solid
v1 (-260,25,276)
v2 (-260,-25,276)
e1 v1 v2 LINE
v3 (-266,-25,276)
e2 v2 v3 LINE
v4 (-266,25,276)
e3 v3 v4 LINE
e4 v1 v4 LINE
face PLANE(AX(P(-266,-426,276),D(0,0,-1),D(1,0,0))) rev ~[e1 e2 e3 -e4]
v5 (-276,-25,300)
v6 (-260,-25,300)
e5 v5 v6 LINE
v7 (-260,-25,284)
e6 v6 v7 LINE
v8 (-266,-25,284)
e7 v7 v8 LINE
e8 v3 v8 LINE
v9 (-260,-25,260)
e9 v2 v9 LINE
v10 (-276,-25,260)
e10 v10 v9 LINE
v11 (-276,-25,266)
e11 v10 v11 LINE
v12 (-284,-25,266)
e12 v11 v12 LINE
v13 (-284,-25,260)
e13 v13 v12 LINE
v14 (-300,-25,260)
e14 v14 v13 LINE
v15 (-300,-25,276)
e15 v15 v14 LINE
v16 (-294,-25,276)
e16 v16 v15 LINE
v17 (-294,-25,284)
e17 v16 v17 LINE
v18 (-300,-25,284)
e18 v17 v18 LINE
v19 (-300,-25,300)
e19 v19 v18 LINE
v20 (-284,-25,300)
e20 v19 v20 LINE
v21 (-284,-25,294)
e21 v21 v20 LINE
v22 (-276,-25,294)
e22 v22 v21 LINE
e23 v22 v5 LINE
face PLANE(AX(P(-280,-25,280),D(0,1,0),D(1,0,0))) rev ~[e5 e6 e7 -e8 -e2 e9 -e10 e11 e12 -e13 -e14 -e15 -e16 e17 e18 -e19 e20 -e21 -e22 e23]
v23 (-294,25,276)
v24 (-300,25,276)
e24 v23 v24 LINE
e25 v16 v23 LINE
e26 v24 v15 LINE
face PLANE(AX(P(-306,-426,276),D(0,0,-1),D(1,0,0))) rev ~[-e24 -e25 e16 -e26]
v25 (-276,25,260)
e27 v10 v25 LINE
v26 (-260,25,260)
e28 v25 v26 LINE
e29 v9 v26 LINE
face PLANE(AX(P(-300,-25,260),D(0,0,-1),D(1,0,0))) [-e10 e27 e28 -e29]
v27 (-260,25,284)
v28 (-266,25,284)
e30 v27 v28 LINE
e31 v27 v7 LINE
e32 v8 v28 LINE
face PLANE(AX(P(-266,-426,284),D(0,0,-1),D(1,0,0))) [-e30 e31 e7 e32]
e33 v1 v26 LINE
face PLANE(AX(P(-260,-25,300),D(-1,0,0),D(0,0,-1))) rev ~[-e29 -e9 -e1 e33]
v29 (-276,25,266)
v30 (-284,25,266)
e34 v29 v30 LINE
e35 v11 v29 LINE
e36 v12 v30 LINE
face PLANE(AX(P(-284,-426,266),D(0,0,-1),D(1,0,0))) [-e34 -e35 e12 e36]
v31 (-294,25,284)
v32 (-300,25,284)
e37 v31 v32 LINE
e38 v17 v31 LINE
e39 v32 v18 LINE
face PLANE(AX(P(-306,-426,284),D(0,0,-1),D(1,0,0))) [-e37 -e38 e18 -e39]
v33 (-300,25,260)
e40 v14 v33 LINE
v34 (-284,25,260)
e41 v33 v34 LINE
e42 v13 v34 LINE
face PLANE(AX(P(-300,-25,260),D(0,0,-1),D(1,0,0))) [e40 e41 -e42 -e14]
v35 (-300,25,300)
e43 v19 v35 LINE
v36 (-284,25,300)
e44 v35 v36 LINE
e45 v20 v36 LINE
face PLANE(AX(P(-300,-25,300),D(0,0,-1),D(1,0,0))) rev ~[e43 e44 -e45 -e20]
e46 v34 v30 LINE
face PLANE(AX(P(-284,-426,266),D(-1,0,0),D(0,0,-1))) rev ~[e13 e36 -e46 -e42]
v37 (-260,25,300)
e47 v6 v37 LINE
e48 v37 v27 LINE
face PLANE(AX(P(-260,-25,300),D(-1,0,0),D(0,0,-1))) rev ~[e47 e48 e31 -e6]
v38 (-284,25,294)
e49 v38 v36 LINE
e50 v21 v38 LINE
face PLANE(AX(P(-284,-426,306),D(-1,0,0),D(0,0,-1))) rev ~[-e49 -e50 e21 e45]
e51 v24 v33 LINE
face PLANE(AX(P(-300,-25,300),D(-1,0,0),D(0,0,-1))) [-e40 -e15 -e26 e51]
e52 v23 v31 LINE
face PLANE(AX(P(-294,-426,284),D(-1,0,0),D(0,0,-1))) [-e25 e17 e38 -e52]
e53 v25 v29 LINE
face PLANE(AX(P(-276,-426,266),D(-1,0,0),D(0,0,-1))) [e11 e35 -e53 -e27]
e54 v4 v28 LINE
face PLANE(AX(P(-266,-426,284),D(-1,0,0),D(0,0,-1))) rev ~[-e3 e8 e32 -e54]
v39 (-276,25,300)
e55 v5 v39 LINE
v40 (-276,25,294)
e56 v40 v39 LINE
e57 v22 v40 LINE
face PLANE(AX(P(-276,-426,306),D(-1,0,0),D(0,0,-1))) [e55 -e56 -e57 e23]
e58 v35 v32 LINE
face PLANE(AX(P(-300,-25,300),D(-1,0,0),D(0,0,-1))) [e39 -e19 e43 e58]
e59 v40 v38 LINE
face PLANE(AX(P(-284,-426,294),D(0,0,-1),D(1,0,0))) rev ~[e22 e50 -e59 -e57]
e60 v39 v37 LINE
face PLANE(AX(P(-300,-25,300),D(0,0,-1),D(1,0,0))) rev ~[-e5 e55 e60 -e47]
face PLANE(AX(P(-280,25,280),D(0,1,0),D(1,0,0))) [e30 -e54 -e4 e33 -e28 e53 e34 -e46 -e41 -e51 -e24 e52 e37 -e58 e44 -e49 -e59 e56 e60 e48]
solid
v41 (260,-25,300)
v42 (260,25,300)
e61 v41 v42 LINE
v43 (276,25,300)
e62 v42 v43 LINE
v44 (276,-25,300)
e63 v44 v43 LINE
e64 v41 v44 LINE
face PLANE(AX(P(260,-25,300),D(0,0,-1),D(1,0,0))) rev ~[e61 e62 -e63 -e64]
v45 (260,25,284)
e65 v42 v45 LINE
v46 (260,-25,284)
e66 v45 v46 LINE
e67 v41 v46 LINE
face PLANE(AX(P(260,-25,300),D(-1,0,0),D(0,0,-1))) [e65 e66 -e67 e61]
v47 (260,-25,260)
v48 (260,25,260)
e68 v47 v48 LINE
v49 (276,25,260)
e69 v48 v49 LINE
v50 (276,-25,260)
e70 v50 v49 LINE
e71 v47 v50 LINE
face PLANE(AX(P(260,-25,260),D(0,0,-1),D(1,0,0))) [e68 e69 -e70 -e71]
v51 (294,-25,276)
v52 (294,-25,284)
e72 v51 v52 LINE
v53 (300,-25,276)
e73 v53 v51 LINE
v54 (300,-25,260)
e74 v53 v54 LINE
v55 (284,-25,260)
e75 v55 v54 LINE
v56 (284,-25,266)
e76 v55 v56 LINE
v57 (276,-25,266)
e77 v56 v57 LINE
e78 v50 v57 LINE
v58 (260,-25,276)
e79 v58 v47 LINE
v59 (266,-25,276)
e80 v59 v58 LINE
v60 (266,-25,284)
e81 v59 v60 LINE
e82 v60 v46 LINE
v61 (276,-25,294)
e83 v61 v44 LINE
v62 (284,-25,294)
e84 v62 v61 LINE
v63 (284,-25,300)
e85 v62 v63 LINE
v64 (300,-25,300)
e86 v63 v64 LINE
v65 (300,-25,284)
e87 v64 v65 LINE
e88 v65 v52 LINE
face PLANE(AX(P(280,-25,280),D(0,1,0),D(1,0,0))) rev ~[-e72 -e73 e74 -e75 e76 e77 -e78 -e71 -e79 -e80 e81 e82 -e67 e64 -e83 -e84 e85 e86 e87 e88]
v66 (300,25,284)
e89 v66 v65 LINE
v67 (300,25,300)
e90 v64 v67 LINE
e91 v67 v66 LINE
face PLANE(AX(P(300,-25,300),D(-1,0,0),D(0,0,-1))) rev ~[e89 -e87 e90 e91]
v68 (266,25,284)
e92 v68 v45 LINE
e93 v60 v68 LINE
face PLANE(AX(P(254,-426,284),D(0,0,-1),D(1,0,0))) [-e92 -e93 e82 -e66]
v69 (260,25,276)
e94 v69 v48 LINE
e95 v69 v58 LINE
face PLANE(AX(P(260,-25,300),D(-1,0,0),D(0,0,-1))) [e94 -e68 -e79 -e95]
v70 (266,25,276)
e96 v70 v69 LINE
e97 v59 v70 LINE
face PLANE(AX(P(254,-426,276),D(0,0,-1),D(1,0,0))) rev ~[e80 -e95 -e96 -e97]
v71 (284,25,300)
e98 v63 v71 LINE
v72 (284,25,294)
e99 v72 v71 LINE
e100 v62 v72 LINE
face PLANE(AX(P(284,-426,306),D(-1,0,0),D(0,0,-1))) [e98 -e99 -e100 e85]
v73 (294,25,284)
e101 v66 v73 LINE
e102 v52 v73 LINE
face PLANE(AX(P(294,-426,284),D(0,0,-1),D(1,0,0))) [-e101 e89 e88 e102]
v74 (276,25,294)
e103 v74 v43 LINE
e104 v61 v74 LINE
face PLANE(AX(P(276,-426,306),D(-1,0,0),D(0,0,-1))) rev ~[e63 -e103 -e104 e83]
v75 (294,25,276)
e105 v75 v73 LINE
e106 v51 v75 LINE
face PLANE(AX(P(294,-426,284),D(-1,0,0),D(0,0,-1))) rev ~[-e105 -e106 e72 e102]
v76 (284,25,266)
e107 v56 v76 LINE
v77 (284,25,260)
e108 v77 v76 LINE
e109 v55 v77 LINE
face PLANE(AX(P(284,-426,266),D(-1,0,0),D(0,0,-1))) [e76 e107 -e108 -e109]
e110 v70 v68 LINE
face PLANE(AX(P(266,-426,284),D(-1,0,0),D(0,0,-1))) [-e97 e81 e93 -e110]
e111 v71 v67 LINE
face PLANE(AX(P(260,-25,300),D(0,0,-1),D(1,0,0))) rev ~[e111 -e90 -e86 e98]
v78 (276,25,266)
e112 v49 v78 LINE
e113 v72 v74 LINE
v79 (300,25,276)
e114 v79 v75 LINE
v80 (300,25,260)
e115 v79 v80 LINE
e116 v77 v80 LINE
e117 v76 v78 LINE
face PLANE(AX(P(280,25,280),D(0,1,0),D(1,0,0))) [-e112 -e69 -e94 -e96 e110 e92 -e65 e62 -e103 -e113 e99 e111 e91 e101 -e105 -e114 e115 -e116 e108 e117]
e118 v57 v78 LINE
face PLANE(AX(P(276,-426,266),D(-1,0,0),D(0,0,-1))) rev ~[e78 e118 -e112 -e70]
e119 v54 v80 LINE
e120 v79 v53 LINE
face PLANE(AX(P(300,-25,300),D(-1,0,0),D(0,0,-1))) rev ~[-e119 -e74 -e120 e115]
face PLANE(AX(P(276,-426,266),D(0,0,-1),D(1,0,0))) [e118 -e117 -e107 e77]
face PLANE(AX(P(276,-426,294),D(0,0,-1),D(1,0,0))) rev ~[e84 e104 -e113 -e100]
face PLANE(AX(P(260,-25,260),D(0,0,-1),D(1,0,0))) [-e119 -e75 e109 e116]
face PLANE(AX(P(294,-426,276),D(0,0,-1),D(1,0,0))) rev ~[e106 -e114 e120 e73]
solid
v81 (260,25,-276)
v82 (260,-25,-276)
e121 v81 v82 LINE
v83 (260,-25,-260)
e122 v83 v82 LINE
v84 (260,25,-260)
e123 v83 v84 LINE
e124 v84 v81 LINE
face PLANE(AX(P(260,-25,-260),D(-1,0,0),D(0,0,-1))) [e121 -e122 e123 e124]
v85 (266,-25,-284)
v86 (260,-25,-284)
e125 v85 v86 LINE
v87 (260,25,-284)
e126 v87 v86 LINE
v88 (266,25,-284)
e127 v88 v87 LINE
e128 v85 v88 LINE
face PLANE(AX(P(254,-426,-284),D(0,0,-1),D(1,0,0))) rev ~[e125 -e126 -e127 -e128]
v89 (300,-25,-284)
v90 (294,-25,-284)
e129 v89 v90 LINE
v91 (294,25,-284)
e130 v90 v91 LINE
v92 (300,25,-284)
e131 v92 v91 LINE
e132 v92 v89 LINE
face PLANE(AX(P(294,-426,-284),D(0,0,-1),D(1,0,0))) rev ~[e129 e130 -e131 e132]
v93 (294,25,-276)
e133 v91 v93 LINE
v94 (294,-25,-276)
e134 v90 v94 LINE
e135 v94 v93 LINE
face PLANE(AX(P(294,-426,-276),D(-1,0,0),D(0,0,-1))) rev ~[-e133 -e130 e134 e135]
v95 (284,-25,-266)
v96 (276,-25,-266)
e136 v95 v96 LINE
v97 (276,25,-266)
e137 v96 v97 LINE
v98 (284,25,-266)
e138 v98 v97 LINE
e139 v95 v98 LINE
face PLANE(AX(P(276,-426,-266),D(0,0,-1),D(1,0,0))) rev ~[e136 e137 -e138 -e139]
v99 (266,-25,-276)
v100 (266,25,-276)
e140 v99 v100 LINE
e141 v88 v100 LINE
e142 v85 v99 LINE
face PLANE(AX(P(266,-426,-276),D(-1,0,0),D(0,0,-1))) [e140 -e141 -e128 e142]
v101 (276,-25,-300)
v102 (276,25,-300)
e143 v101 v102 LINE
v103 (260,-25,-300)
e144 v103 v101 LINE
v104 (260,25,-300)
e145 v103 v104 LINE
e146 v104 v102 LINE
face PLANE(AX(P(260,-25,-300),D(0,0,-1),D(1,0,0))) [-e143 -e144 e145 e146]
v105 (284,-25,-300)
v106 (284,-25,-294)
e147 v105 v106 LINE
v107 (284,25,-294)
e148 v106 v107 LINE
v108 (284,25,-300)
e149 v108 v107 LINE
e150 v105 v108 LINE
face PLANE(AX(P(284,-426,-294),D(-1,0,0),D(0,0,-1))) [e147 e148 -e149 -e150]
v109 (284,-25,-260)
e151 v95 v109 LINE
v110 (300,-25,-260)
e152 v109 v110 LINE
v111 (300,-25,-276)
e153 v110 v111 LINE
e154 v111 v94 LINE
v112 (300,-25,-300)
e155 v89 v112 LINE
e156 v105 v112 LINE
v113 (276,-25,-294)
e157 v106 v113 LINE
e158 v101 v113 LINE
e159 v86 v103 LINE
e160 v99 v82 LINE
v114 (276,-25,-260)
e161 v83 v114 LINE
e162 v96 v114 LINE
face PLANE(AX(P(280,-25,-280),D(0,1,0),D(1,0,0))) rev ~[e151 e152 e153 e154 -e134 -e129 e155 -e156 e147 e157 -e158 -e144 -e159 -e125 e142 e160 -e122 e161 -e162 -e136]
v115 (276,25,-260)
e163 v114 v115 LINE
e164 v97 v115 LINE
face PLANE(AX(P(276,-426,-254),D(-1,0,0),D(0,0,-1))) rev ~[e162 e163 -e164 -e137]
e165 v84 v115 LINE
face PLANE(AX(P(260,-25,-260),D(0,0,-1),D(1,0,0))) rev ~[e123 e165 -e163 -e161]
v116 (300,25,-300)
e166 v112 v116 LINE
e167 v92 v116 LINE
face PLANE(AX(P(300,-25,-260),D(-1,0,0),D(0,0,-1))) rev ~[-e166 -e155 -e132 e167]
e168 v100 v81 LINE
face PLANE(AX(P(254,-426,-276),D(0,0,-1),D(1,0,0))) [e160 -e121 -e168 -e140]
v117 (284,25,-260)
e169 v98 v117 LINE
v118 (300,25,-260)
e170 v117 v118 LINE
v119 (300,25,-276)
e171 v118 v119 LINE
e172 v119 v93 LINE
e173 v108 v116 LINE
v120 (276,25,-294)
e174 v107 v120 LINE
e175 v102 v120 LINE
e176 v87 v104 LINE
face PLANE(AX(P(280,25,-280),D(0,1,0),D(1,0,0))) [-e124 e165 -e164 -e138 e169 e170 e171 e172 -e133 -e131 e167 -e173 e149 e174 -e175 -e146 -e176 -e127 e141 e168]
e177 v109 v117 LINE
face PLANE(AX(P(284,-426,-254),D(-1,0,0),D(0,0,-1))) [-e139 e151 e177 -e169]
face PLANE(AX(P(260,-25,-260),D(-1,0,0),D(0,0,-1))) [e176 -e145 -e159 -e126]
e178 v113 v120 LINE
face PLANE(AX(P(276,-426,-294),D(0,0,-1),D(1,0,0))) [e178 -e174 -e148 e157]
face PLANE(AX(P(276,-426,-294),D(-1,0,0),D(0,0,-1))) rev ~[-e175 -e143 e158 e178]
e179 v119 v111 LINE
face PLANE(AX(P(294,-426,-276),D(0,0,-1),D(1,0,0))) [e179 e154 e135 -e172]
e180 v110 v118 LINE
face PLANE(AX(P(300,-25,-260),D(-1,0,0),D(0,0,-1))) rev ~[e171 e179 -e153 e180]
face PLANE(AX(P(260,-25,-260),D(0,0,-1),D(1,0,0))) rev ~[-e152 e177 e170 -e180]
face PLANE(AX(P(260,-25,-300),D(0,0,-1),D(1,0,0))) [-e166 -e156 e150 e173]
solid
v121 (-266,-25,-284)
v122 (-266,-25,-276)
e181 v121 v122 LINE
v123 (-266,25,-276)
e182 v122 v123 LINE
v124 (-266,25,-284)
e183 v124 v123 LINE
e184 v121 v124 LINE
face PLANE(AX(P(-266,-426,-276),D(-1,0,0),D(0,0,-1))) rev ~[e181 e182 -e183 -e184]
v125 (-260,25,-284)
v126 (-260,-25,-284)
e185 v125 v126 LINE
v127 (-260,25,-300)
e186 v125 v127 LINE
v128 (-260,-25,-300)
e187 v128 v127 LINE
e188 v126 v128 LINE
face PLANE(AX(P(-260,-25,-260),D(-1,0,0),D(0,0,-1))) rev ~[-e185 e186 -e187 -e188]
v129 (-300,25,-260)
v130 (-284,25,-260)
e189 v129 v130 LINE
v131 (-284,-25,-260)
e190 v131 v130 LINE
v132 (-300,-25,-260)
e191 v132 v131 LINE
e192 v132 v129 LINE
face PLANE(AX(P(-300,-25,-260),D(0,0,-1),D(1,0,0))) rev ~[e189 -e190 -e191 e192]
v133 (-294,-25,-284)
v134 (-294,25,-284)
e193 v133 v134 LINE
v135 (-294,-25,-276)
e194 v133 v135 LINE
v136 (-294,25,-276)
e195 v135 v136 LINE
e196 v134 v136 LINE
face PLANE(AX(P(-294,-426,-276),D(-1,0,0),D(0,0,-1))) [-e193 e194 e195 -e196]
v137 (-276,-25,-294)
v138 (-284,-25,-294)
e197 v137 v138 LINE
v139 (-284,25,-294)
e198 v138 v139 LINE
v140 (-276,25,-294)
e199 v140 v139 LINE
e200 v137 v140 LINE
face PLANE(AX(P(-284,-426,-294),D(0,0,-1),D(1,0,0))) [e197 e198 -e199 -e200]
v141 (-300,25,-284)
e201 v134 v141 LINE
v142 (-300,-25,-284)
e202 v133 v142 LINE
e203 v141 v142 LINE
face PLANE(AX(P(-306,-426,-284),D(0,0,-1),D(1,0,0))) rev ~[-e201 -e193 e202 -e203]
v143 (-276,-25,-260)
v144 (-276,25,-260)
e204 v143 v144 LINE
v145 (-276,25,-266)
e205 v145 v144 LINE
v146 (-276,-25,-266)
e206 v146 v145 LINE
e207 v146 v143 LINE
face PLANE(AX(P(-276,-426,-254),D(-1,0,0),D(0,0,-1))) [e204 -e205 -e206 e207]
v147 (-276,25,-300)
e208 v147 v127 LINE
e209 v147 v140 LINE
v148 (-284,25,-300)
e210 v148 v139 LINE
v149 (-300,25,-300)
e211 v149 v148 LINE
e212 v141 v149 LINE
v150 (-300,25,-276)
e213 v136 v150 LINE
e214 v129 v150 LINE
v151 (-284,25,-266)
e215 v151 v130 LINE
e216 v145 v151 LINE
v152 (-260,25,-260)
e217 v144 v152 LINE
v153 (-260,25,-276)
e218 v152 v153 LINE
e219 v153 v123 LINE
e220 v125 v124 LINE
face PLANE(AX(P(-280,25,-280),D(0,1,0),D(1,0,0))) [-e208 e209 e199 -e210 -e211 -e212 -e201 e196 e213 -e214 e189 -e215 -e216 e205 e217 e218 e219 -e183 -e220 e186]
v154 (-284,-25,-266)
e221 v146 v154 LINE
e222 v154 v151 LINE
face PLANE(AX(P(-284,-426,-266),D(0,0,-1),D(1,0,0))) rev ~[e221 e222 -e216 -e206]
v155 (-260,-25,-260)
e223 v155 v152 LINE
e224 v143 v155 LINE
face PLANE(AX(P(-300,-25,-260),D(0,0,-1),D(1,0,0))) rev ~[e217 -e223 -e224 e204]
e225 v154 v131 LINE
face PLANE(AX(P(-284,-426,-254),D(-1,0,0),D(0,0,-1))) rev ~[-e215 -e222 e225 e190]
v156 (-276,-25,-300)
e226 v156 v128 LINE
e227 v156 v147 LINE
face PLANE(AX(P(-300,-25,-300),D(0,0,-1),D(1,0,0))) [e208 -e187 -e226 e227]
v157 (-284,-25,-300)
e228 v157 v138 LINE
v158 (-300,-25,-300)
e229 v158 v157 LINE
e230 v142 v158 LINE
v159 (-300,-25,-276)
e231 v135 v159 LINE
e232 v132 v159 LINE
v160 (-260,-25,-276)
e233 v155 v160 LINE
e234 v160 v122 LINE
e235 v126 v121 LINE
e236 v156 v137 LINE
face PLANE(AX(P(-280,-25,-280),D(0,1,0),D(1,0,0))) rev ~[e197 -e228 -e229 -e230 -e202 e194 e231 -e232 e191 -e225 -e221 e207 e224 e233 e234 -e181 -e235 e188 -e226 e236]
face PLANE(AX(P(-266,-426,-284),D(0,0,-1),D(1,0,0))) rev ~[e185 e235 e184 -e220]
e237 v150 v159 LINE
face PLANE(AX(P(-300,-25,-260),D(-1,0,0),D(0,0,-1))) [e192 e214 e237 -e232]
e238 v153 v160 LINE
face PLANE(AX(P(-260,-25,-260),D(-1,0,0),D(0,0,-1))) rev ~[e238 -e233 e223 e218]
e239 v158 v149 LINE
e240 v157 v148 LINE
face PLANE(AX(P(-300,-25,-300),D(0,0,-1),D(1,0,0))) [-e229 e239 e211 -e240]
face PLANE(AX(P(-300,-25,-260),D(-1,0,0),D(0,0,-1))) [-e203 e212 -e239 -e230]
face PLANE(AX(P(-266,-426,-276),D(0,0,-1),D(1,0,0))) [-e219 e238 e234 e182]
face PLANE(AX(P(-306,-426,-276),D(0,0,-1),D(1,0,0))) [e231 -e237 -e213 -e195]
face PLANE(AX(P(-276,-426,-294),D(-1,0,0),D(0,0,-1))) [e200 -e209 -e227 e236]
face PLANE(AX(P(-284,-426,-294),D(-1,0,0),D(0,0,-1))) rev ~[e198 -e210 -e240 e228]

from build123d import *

# Parameters (mm, degrees)
BOSS_EXTRUDE1_DEPTH        = 25
BOSS_EXTRUDE1_DEPTH_BACK   = 25
SKETCH2_W                  = 40
SKETCH2_H                  = 40
BOSS_EXTRUDE1_2_DEPTH      = 25
BOSS_EXTRUDE1_2_DEPTH_BACK = 25
BOSS_EXTRUDE1_3_DEPTH      = 25
BOSS_EXTRUDE1_3_DEPTH_BACK = 25
BOSS_EXTRUDE1_4_DEPTH      = 25
BOSS_EXTRUDE1_4_DEPTH_BACK = 25
CUT_EXTRUDE1_DEPTH         = 426
CUT_EXTRUDE1_DEPTH_BACK    = 426
SKETCH3_W                  = 12
SKETCH3_H                  = 8
SKETCH3_W_2                = 8
SKETCH3_H_2                = 12


with BuildPart() as part:
    # Sketch2 → Boss-Extrude1 (new, two sides: drawn at the far end of the back side and taken through both)
    with BuildSketch(Plane(origin=(0, 0, 0), x_dir=(1, 0, 0), z_dir=(0, 1, 0)).offset(-BOSS_EXTRUDE1_DEPTH_BACK)):
        with Locations((-280, 280)):
            Rectangle(SKETCH2_W, SKETCH2_H)
    extrude(amount=BOSS_EXTRUDE1_DEPTH + BOSS_EXTRUDE1_DEPTH_BACK)


with BuildPart() as body_2:
    # Sketch2 → Boss-Extrude1 2 (new, two sides: drawn at the far end of the back side and taken through both)
    with BuildSketch(Plane(origin=(0, 0, 0), x_dir=(1, 0, 0), z_dir=(0, 1, 0)).offset(-BOSS_EXTRUDE1_2_DEPTH_BACK)):
        with Locations((280, 280)):
            Rectangle(SKETCH2_W, SKETCH2_H)
    extrude(amount=BOSS_EXTRUDE1_2_DEPTH + BOSS_EXTRUDE1_2_DEPTH_BACK)


with BuildPart() as body_3:
    # Sketch2 → Boss-Extrude1 3 (new, two sides: drawn at the far end of the back side and taken through both)
    with BuildSketch(Plane(origin=(0, 0, 0), x_dir=(1, 0, 0), z_dir=(0, 1, 0)).offset(-BOSS_EXTRUDE1_3_DEPTH_BACK)):
        with Locations((280, -280)):
            Rectangle(SKETCH2_W, SKETCH2_H)
    extrude(amount=BOSS_EXTRUDE1_3_DEPTH + BOSS_EXTRUDE1_3_DEPTH_BACK)


with BuildPart() as body_4:
    # Sketch2 → Boss-Extrude1 4 (new, two sides: drawn at the far end of the back side and taken through both)
    with BuildSketch(Plane(origin=(0, 0, 0), x_dir=(1, 0, 0), z_dir=(0, 1, 0)).offset(-BOSS_EXTRUDE1_4_DEPTH_BACK)):
        with Locations((-280, -280)):
            Rectangle(SKETCH2_W, SKETCH2_H)
    extrude(amount=BOSS_EXTRUDE1_4_DEPTH + BOSS_EXTRUDE1_4_DEPTH_BACK)


with BuildPart() as cut_extrude1_tool:
    # Sketch3 → Cut-Extrude1 (new, two sides: drawn at the far end of the back side and taken through both)
    with BuildSketch(Plane(origin=(0, 0, 0), x_dir=(1, 0, 0), z_dir=(0, 1, 0)).offset(-CUT_EXTRUDE1_DEPTH_BACK)):
        with Locations((-260, 280)):
            Rectangle(SKETCH3_W, SKETCH3_H)
        with Locations((-280, 300)):
            Rectangle(SKETCH3_W_2, SKETCH3_H_2)
        with Locations((-280, 260)):
            Rectangle(SKETCH3_W_2, SKETCH3_H_2)
        with Locations((-300, 280)):
            Rectangle(SKETCH3_W, SKETCH3_H)
        with Locations((300, 280)):
            Rectangle(SKETCH3_W, SKETCH3_H)
        with Locations((280, 260)):
            Rectangle(SKETCH3_W_2, SKETCH3_H_2)
        with Locations((260, 280)):
            Rectangle(SKETCH3_W, SKETCH3_H)
        with Locations((280, 300)):
            Rectangle(SKETCH3_W_2, SKETCH3_H_2)
        with Locations((260, -280)):
            Rectangle(SKETCH3_W, SKETCH3_H)
        with Locations((280, -300)):
            Rectangle(SKETCH3_W_2, SKETCH3_H_2)
        with Locations((280, -260)):
            Rectangle(SKETCH3_W_2, SKETCH3_H_2)
        with Locations((300, -280)):
            Rectangle(SKETCH3_W, SKETCH3_H)
        with Locations((-300, -280)):
            Rectangle(SKETCH3_W, SKETCH3_H)
        with Locations((-280, -260)):
            Rectangle(SKETCH3_W_2, SKETCH3_H_2)
        with Locations((-260, -280)):
            Rectangle(SKETCH3_W, SKETCH3_H)
        with Locations((-280, -300)):
            Rectangle(SKETCH3_W_2, SKETCH3_H_2)
    extrude(amount=CUT_EXTRUDE1_DEPTH + CUT_EXTRUDE1_DEPTH_BACK)


with BuildPart() as part_1:
    add(part.part)

    # Cut-Extrude1: cut by cut_extrude1_tool
    add(cut_extrude1_tool.part, mode=Mode.SUBTRACT)


with BuildPart() as body_2_1:
    add(body_2.part)

    # Cut-Extrude1: cut by cut_extrude1_tool
    add(cut_extrude1_tool.part, mode=Mode.SUBTRACT)


with BuildPart() as body_3_1:
    add(body_3.part)

    # Cut-Extrude1: cut by cut_extrude1_tool
    add(cut_extrude1_tool.part, mode=Mode.SUBTRACT)


with BuildPart() as body_4_1:
    add(body_4.part)

    # Cut-Extrude1: cut by cut_extrude1_tool
    add(cut_extrude1_tool.part, mode=Mode.SUBTRACT)


solid = Compound([part_1.part, body_2_1.part, body_3_1.part, body_4_1.part])
